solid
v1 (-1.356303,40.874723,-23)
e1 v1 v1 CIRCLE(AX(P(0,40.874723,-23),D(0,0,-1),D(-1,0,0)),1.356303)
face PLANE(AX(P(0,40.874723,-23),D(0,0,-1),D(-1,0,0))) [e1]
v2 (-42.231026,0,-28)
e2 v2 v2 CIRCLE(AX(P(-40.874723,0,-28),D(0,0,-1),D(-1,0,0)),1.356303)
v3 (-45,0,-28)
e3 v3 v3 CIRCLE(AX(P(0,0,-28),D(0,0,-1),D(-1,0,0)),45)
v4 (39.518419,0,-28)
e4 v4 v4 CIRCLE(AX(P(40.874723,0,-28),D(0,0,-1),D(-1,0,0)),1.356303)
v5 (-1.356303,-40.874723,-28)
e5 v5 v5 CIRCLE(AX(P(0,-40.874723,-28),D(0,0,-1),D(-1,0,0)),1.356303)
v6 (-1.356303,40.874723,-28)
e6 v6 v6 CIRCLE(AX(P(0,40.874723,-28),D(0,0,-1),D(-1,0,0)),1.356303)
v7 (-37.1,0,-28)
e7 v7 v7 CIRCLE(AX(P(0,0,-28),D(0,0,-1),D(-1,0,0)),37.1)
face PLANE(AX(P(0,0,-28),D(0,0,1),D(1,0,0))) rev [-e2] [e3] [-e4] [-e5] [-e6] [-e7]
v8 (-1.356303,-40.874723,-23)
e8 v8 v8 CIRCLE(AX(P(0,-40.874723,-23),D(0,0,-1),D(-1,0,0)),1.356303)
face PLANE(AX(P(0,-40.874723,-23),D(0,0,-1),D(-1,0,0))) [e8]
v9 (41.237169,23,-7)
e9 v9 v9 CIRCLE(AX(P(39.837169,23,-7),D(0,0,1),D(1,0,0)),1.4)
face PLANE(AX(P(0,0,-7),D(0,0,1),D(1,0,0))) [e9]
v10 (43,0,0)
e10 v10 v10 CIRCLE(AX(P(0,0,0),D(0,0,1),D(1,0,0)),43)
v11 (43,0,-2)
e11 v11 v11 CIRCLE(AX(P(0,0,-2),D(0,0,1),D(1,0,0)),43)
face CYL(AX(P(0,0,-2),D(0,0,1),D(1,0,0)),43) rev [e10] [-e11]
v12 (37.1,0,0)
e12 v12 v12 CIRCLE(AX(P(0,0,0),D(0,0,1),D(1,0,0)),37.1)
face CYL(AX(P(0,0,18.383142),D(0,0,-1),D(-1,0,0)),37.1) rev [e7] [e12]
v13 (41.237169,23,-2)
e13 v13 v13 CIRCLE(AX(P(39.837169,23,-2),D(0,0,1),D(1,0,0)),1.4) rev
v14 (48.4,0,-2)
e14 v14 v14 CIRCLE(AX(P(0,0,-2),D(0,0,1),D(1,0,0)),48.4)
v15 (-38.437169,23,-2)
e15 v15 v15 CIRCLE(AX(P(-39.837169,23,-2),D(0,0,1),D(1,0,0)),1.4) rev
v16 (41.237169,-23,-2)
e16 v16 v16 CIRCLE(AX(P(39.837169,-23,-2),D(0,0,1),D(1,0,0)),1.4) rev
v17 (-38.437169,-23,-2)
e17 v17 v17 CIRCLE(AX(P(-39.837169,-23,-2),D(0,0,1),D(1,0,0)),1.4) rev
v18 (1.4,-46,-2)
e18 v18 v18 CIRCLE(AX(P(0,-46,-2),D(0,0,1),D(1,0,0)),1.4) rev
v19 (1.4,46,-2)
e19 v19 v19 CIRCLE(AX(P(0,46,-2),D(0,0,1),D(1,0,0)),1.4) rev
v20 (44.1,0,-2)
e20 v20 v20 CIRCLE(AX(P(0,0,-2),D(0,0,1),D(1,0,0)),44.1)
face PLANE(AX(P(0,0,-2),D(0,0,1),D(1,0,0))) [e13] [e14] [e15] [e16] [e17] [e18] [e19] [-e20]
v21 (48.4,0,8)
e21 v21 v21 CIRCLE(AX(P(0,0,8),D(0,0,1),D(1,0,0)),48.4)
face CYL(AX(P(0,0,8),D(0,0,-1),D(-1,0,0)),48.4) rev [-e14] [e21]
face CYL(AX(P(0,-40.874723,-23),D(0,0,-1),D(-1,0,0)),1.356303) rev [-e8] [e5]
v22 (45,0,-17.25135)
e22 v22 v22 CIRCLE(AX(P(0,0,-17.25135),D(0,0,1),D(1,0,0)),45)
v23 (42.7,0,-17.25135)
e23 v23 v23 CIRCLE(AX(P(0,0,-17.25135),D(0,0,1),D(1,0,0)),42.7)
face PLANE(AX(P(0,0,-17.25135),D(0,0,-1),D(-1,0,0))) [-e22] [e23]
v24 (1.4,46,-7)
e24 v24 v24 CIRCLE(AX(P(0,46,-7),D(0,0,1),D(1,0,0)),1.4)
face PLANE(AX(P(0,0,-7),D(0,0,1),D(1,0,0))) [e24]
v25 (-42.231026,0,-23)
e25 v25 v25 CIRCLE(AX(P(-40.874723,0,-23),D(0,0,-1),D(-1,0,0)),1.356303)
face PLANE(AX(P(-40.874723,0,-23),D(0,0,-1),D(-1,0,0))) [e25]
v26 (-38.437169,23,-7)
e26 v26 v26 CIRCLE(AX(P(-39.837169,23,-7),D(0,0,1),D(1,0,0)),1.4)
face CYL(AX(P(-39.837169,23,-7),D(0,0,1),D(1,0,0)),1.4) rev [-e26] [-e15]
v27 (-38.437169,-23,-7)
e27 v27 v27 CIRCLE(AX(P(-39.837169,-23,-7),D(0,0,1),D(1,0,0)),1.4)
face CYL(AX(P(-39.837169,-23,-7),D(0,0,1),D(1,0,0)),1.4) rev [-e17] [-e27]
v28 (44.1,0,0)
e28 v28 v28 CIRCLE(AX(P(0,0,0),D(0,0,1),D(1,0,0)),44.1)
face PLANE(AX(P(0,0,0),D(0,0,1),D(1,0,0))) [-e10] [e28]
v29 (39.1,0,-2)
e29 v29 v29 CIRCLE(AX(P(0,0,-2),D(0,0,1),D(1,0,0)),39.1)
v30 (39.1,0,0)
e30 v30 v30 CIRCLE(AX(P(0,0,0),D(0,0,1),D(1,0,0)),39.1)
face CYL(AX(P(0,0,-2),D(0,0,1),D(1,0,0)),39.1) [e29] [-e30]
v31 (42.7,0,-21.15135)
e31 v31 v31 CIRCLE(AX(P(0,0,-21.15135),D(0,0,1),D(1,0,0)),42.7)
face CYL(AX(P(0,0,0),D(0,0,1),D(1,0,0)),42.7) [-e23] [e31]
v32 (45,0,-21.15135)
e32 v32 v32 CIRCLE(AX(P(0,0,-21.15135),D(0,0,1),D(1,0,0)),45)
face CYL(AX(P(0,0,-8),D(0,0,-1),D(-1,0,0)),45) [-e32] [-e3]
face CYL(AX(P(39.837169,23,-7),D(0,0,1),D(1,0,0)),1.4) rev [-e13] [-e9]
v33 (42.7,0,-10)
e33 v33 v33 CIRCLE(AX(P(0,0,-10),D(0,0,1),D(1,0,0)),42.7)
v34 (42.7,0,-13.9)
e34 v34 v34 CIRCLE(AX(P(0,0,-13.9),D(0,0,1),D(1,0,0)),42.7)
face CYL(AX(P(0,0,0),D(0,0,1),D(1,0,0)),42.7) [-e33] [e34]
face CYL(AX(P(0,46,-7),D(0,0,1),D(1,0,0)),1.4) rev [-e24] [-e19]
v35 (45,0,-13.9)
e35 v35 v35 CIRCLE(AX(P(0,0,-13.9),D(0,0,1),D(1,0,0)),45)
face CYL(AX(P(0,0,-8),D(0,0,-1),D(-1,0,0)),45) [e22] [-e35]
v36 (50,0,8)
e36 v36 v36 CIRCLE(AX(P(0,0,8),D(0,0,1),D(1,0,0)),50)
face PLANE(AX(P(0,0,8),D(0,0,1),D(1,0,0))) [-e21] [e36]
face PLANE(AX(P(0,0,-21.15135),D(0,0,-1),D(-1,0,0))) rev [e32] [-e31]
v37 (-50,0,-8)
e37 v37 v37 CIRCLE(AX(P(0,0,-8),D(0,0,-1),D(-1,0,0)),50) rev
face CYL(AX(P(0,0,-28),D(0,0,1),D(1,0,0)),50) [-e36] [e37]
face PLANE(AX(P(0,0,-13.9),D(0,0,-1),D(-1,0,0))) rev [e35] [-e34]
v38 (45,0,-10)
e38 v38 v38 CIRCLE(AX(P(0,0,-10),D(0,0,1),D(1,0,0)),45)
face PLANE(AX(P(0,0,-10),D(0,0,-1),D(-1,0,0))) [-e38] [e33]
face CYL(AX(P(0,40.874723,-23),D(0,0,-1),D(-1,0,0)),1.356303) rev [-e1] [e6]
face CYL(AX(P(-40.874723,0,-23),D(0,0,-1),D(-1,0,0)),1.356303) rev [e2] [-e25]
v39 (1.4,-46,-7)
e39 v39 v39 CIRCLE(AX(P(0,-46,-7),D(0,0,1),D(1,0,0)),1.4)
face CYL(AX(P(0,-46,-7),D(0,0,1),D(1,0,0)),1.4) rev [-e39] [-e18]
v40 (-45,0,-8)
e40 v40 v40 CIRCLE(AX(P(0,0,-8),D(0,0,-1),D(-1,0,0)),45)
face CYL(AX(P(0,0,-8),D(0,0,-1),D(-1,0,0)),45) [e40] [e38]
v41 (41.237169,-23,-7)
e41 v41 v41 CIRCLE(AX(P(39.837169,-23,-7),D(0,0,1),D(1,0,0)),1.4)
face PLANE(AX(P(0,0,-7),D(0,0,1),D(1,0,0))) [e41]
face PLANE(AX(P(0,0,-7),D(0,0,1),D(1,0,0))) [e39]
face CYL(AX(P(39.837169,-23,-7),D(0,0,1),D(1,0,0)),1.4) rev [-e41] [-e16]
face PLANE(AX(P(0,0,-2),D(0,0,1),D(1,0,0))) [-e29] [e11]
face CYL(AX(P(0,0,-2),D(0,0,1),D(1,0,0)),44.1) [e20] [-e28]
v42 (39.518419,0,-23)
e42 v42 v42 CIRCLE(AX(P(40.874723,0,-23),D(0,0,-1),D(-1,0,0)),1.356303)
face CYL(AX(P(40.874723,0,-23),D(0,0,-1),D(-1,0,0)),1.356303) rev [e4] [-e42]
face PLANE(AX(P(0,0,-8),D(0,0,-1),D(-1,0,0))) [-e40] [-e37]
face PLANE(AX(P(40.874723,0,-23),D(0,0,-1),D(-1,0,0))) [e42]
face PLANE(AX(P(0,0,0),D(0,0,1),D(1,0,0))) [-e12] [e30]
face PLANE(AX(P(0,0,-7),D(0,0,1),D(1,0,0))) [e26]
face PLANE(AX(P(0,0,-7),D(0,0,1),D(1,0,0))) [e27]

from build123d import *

# Parameters (mm, degrees)
SKETCH1_R           = 50
BOSS_EXTRUDE1_DEPTH = 28
SKETCH4_R           = 53.870598216
SKETCH4_R_2         = 45
CUT_EXTRUDE1_DEPTH  = 20
SKETCH5_R           = 37.1
CUT_EXTRUDE2_DEPTH  = 46.383141605
SKETCH6_R           = 43
SKETCH6_R_2         = 39.1
CUT_EXTRUDE3_DEPTH  = 2
SKETCH7_R           = 1.4
CUT_EXTRUDE4_DEPTH  = 7
EXTRUDE_THIN1_START = 8
SKETCH8_R           = 50
SKETCH8_R_2         = 48.4
EXTRUDE_THIN1_DEPTH = 8
SKETCH9_R           = 48.4
SKETCH9_R_2         = 44.1
SKETCH9_R_3         = 1.4
CUT_EXTRUDE5_DEPTH  = 2
SKETCH10_W          = 2.3
SKETCH10_H          = 3.9
SKETCH11_R          = 1.356303205
CUT_EXTRUDE7_DEPTH  = 5


with BuildPart() as part:
    # Sketch1 → Boss-Extrude1 (new body)
    with BuildSketch(Plane.XY):
        Circle(SKETCH1_R)
    extrude(amount=-BOSS_EXTRUDE1_DEPTH)

    # Sketch4 → Cut-Extrude1 (cut)
    with BuildSketch(Plane(origin=(0, 0, -28), x_dir=(-1, 0, 0), z_dir=(0, 0, -1))):
        Circle(SKETCH4_R)
        Circle(SKETCH4_R_2, mode=Mode.SUBTRACT)
    extrude(amount=-CUT_EXTRUDE1_DEPTH, mode=Mode.SUBTRACT)

    # Sketch5 → Cut-Extrude2 (cut)
    with BuildSketch(Plane(origin=(0, 0, -28), x_dir=(-1, 0, 0), z_dir=(0, 0, -1))):
        Circle(SKETCH5_R)
    extrude(amount=-CUT_EXTRUDE2_DEPTH, mode=Mode.SUBTRACT)

    # Sketch6 → Cut-Extrude3 (cut)
    with BuildSketch(Plane.XY):
        Circle(SKETCH6_R)
        Circle(SKETCH6_R_2, mode=Mode.SUBTRACT)
    extrude(amount=-CUT_EXTRUDE3_DEPTH, mode=Mode.SUBTRACT)

    # Sketch7 → Cut-Extrude4 (cut)
    with BuildSketch(Plane.XY):
        with Locations((0, 46)):
            Circle(SKETCH7_R)
        with Locations((39.837168574, 23)):
            Circle(SKETCH7_R)
        with Locations((39.837168574, -23)):
            Circle(SKETCH7_R)
        with Locations((0, -46)):
            Circle(SKETCH7_R)
        with Locations((-39.837168574, -23)):
            Circle(SKETCH7_R)
        with Locations((-39.837168574, 23)):
            Circle(SKETCH7_R)
    extrude(amount=-CUT_EXTRUDE4_DEPTH, mode=Mode.SUBTRACT)

    # Sketch8 → Extrude-Thin1 (add)
    with BuildSketch(Plane.XY.offset(EXTRUDE_THIN1_START)):
        Circle(SKETCH8_R)
        Circle(SKETCH8_R_2, mode=Mode.SUBTRACT)
    extrude(amount=-EXTRUDE_THIN1_DEPTH)

    # Sketch9 → Cut-Extrude5 (cut)
    with BuildSketch(Plane.XY):
        Circle(SKETCH9_R)
        Circle(SKETCH9_R_2, mode=Mode.SUBTRACT)
        with Locations((-39.837168574, -23)):
            Circle(SKETCH9_R_3, mode=Mode.SUBTRACT)
        with Locations((-39.837168574, 23)):
            Circle(SKETCH9_R_3, mode=Mode.SUBTRACT)
        with Locations((0, -46)):
            Circle(SKETCH9_R_3, mode=Mode.SUBTRACT)
        with Locations((0, 46)):
            Circle(SKETCH9_R_3, mode=Mode.SUBTRACT)
        with Locations((39.837168574, -23)):
            Circle(SKETCH9_R_3, mode=Mode.SUBTRACT)
        with Locations((39.837168574, 23)):
            Circle(SKETCH9_R_3, mode=Mode.SUBTRACT)
    extrude(amount=-CUT_EXTRUDE5_DEPTH, mode=Mode.SUBTRACT)

    # Sketch10 → Cut-Revolve1 (revolve, cut)
    with BuildSketch(Plane(origin=(0, 0, 0), x_dir=(1, 0, 0), z_dir=(0, 1, 0)), mode=Mode.PRIVATE) as cut_revolve1_sk:
        with Locations((-43.85, 11.95)):
            Rectangle(SKETCH10_W, SKETCH10_H)
        with Locations((-43.85, 19.201350281)):
            Rectangle(SKETCH10_W, SKETCH10_H)
    revolve(cut_revolve1_sk.sketch.rotate(Axis((0, 0, 0), (0, 0, -1)), 180), axis=Axis((0, 0, 0), (0, 0, -1)), mode=Mode.SUBTRACT)

    # Sketch11 → Cut-Extrude7 (cut)
    with BuildSketch(Plane(origin=(0, 0, -28), x_dir=(-1, 0, 0), z_dir=(0, 0, -1))):
        with Locations((0, 40.874722667)):
            Circle(SKETCH11_R)
        with Locations((40.874722667, 0)):
            Circle(SKETCH11_R)
        with Locations((0, -40.874722667)):
            Circle(SKETCH11_R)
        with Locations((-40.874722667, 0)):
            Circle(SKETCH11_R)
    extrude(amount=-CUT_EXTRUDE7_DEPTH, mode=Mode.SUBTRACT)


solid = part.part
